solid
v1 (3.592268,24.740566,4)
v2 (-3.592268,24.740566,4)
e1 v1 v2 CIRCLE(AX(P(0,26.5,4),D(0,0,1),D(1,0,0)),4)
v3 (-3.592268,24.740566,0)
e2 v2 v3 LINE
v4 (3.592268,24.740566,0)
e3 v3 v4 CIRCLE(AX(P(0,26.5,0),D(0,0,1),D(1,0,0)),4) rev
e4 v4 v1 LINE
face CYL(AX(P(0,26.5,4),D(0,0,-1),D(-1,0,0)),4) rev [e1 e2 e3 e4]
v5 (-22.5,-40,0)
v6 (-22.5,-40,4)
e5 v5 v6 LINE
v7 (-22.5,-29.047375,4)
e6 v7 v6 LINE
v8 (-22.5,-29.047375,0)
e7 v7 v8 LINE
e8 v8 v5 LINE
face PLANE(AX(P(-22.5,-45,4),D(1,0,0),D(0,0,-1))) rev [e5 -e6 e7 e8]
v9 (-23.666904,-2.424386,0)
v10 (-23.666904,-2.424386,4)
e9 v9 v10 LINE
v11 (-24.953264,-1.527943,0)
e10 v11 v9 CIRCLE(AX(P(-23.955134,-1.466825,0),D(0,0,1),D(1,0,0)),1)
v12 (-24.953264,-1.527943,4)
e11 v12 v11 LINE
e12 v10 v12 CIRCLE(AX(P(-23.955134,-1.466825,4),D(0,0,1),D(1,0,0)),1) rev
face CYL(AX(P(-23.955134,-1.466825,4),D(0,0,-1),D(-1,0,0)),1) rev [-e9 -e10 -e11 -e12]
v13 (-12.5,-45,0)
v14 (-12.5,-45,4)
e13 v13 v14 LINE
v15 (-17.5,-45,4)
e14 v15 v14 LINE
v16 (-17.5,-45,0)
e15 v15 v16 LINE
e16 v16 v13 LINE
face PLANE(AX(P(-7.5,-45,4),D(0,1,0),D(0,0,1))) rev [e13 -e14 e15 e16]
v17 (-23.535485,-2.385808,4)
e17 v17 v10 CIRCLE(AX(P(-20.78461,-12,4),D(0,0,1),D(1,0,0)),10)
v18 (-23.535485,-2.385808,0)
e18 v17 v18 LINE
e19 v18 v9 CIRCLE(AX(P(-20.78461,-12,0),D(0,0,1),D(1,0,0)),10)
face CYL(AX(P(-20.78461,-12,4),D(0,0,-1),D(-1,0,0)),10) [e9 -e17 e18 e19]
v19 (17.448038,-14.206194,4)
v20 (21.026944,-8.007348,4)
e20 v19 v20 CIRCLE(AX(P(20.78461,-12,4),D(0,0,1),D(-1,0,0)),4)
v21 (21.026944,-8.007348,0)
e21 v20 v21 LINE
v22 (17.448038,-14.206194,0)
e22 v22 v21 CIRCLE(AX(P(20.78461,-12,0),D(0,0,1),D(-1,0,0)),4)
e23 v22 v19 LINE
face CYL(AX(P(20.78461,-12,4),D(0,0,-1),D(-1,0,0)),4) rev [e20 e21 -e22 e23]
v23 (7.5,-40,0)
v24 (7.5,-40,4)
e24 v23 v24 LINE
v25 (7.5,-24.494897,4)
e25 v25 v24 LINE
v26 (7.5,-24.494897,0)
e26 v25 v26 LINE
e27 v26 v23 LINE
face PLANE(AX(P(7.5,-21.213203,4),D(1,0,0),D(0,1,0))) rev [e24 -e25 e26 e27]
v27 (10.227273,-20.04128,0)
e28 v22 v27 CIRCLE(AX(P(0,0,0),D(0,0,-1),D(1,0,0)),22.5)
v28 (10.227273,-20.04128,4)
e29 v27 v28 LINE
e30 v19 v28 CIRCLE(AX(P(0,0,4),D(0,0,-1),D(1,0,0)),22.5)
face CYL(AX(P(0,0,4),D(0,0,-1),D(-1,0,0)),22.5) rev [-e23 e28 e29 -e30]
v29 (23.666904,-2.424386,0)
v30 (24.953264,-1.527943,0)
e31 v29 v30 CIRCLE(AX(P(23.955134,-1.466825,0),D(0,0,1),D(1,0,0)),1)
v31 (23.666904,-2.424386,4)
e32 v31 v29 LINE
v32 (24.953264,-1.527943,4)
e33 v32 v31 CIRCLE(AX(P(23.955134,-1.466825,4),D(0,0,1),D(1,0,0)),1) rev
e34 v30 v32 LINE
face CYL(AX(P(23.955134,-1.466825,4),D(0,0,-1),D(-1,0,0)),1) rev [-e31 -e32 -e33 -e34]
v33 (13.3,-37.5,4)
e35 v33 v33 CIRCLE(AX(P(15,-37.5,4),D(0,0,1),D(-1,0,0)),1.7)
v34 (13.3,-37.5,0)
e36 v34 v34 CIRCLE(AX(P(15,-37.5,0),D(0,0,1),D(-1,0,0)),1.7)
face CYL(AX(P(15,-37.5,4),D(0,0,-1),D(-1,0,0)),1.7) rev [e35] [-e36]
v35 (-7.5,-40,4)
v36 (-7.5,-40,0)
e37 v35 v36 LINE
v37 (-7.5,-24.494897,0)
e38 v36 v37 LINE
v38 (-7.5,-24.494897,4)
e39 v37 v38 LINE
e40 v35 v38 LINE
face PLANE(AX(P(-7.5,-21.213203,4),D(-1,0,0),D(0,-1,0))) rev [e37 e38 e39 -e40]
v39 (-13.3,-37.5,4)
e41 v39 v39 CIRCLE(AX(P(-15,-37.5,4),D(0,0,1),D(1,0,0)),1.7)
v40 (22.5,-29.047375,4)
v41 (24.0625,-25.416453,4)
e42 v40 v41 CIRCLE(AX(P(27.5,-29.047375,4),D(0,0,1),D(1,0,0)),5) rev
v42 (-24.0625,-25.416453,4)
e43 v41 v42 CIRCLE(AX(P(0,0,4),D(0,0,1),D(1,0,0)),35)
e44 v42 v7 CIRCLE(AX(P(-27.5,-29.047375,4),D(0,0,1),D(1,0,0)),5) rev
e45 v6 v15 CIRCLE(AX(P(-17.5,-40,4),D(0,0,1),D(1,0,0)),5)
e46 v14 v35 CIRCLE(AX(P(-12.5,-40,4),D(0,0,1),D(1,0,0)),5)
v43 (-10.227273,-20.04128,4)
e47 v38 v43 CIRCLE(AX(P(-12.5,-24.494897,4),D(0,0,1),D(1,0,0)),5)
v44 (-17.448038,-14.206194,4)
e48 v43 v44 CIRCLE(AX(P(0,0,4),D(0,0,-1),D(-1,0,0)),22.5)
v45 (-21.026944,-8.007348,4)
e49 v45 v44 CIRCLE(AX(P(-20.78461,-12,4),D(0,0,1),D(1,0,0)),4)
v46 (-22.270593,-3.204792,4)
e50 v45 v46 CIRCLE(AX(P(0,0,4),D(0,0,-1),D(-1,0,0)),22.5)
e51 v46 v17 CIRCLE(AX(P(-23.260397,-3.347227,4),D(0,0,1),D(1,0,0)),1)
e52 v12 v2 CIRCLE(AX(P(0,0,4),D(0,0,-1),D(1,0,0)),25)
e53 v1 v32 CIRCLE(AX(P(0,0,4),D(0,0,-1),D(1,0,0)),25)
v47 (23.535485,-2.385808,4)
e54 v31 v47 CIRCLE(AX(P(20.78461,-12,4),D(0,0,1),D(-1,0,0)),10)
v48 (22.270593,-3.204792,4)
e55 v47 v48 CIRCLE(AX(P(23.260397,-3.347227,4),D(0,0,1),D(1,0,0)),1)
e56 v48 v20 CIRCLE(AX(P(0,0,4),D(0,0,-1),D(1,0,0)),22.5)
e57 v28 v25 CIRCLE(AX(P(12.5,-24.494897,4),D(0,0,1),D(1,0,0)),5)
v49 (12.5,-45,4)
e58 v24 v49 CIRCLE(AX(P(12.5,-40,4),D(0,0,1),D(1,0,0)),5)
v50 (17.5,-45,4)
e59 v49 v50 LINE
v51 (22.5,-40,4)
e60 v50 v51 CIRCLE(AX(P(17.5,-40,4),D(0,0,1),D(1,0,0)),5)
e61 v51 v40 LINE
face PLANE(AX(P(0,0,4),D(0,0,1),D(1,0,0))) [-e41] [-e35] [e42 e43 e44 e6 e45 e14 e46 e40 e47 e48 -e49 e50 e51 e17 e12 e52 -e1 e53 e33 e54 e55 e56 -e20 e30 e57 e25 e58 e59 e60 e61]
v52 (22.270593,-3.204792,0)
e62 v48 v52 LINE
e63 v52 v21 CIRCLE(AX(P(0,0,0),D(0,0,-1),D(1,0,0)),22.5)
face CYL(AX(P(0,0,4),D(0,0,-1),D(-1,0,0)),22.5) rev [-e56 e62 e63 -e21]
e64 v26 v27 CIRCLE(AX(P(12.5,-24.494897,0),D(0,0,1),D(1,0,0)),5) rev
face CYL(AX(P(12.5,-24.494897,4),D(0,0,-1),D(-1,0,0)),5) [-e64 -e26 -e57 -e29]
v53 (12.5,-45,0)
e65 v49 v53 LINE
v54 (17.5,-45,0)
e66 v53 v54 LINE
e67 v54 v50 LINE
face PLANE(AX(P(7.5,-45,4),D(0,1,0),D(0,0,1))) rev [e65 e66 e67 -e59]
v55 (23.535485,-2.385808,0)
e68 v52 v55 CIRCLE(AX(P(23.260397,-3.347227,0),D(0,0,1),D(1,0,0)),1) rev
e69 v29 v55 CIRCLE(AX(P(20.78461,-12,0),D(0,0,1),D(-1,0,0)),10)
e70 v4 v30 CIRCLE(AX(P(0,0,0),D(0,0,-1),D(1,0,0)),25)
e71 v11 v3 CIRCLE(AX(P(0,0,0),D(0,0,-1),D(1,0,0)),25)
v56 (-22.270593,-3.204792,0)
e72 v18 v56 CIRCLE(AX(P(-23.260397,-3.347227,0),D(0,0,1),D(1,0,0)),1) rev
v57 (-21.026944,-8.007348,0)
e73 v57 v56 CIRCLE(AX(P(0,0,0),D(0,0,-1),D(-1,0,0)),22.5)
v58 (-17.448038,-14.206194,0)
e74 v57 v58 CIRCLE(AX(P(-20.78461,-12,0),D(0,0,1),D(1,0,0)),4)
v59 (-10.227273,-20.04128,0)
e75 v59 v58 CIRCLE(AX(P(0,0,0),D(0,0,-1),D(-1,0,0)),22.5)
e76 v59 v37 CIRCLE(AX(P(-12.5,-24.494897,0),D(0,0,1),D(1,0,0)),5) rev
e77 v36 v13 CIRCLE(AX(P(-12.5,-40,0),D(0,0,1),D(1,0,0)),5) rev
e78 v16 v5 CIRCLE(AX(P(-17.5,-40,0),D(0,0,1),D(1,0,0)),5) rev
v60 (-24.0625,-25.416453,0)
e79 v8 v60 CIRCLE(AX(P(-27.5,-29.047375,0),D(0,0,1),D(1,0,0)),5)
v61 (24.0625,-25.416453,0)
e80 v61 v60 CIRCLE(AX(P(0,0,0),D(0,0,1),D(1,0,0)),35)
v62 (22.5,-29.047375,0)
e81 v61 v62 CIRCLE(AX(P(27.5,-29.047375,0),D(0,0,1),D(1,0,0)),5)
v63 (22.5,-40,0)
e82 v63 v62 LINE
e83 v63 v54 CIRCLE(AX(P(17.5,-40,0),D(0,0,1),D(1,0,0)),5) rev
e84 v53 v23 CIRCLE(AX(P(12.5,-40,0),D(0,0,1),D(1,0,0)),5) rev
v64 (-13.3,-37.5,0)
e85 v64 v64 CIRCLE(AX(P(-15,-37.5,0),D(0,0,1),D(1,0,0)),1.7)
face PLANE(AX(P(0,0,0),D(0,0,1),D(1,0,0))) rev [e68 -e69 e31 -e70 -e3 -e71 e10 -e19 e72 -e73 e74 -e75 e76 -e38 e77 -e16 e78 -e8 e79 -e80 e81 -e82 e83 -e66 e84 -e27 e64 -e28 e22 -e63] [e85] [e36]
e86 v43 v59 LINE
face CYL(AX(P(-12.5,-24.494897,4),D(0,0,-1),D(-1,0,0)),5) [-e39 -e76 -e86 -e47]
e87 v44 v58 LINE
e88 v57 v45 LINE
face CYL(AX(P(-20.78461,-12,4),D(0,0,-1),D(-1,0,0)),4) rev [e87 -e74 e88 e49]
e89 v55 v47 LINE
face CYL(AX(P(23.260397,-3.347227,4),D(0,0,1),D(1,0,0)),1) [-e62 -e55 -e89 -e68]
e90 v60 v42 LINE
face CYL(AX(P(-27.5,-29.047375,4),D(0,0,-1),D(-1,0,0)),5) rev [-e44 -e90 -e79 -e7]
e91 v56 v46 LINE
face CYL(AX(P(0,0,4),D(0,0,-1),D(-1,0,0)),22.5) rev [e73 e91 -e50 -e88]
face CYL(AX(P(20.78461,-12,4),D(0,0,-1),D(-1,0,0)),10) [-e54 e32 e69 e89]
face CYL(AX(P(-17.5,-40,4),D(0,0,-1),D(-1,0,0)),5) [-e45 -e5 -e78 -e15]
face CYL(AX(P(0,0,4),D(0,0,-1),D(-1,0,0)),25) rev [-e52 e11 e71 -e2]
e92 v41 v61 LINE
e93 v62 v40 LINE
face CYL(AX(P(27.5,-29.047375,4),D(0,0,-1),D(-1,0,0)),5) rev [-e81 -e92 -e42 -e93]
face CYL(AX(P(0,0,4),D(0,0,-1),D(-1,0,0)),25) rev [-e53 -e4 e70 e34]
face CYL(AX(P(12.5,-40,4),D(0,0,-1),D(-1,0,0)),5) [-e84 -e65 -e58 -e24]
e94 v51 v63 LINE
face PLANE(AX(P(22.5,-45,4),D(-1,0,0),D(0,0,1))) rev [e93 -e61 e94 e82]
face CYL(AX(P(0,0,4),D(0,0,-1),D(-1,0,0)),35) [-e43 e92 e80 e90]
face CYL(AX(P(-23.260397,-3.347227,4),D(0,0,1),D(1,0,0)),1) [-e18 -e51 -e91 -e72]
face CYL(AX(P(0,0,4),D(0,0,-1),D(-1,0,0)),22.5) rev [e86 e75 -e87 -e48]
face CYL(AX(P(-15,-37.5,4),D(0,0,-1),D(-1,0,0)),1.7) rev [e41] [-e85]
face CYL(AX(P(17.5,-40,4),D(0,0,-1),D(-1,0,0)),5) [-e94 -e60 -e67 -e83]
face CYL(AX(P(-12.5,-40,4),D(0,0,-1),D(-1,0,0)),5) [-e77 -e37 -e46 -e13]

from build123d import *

# Parameters (mm, degrees)
BOSS_EXTRUDE1_DEPTH = 4
SKETCH2_R           = 4
CUT_EXTRUDE2_DEPTH  = 5
SKETCH5_R           = 1.7
CUT_EXTRUDE3_DEPTH  = 5
FILLET1_R           = 5
FILLET2_R           = 5
FILLET3_R           = 1


with BuildPart() as part:
    # Sketch3 → Boss-Extrude1 (new body)
    with BuildSketch(Plane.XY):
        with BuildLine():
            Line((-7.5, -21.213203436), (-7.5, -45))
            Line((-7.5, -45), (-22.5, -45))
            Line((-22.5, -45), (-22.5, -26.809513237))
            ThreePointArc((-22.5, -26.809513237), (0, 35), (22.5, -26.809513237))
            Line((22.5, -26.809513237), (22.5, -45))
            Line((22.5, -45), (7.5, -45))
            Line((7.5, -45), (7.5, -21.213203436))
            ThreePointArc((7.5, -21.213203436), (17.734611105, -13.846789121), (22.398843942, -2.131147595))
            ThreePointArc((22.398843942, -2.131147595), (23.640685275, -2.41653339), (24.836154938, -2.857517782))
            ThreePointArc((24.836154938, -2.857517782), (0, 25), (-24.836154938, -2.857517782))
            ThreePointArc((-24.836154938, -2.857517782), (-23.640685275, -2.41653339), (-22.398843942, -2.131147595))
            ThreePointArc((-22.398843942, -2.131147595), (-17.734611105, -13.846789121), (-7.5, -21.213203436))
        make_face()
    extrude(amount=BOSS_EXTRUDE1_DEPTH)

    # Sketch2 → Cut-Extrude2 (cut, through all)
    with BuildSketch(Plane.XY):
        with Locations((0, 26.5)):
            Circle(SKETCH2_R)
        with Locations((-20.784609691, -12)):
            Circle(SKETCH2_R)
        with Locations((20.784609691, -12)):
            Circle(SKETCH2_R)
    extrude(amount=CUT_EXTRUDE2_DEPTH, mode=Mode.SUBTRACT)

    # Sketch5 → Cut-Extrude3 (cut, through all)
    with BuildSketch(Plane.XY):
        with Locations((-15, -37.5)):
            Circle(SKETCH5_R)
        with Locations((15, -37.5)):
            Circle(SKETCH5_R)
    extrude(amount=CUT_EXTRUDE3_DEPTH, mode=Mode.SUBTRACT)

    # Fillet1
    fillet1_edges = [part.edges().sort_by_distance(p)[0] for p in [
        (22.5, -45, 2),
        (-22.5, -45, 2),
    ]]
    fillet(fillet1_edges, radius=FILLET1_R)

    # Fillet2
    fillet2_edges = [part.edges().sort_by_distance(p)[0] for p in [
        (22.5, -26.809513237, 2),
        (7.5, -45, 2),
        (7.5, -21.213203436, 2),
        (-7.5, -21.213203436, 2),
        (-7.5, -45, 2),
        (-22.5, -26.809513237, 2),
    ]]
    fillet(fillet2_edges, radius=FILLET2_R)

    # Fillet3
    fillet3_edges = [part.edges().sort_by_distance(p)[0] for p in [
        (22.398843942, -2.131147595, 2),
        (24.836154938, -2.857517782, 2),
        (-24.836154938, -2.857517782, 2),
        (-22.398843942, -2.131147595, 2),
    ]]
    fillet(fillet3_edges, radius=FILLET3_R)


solid = part.part
